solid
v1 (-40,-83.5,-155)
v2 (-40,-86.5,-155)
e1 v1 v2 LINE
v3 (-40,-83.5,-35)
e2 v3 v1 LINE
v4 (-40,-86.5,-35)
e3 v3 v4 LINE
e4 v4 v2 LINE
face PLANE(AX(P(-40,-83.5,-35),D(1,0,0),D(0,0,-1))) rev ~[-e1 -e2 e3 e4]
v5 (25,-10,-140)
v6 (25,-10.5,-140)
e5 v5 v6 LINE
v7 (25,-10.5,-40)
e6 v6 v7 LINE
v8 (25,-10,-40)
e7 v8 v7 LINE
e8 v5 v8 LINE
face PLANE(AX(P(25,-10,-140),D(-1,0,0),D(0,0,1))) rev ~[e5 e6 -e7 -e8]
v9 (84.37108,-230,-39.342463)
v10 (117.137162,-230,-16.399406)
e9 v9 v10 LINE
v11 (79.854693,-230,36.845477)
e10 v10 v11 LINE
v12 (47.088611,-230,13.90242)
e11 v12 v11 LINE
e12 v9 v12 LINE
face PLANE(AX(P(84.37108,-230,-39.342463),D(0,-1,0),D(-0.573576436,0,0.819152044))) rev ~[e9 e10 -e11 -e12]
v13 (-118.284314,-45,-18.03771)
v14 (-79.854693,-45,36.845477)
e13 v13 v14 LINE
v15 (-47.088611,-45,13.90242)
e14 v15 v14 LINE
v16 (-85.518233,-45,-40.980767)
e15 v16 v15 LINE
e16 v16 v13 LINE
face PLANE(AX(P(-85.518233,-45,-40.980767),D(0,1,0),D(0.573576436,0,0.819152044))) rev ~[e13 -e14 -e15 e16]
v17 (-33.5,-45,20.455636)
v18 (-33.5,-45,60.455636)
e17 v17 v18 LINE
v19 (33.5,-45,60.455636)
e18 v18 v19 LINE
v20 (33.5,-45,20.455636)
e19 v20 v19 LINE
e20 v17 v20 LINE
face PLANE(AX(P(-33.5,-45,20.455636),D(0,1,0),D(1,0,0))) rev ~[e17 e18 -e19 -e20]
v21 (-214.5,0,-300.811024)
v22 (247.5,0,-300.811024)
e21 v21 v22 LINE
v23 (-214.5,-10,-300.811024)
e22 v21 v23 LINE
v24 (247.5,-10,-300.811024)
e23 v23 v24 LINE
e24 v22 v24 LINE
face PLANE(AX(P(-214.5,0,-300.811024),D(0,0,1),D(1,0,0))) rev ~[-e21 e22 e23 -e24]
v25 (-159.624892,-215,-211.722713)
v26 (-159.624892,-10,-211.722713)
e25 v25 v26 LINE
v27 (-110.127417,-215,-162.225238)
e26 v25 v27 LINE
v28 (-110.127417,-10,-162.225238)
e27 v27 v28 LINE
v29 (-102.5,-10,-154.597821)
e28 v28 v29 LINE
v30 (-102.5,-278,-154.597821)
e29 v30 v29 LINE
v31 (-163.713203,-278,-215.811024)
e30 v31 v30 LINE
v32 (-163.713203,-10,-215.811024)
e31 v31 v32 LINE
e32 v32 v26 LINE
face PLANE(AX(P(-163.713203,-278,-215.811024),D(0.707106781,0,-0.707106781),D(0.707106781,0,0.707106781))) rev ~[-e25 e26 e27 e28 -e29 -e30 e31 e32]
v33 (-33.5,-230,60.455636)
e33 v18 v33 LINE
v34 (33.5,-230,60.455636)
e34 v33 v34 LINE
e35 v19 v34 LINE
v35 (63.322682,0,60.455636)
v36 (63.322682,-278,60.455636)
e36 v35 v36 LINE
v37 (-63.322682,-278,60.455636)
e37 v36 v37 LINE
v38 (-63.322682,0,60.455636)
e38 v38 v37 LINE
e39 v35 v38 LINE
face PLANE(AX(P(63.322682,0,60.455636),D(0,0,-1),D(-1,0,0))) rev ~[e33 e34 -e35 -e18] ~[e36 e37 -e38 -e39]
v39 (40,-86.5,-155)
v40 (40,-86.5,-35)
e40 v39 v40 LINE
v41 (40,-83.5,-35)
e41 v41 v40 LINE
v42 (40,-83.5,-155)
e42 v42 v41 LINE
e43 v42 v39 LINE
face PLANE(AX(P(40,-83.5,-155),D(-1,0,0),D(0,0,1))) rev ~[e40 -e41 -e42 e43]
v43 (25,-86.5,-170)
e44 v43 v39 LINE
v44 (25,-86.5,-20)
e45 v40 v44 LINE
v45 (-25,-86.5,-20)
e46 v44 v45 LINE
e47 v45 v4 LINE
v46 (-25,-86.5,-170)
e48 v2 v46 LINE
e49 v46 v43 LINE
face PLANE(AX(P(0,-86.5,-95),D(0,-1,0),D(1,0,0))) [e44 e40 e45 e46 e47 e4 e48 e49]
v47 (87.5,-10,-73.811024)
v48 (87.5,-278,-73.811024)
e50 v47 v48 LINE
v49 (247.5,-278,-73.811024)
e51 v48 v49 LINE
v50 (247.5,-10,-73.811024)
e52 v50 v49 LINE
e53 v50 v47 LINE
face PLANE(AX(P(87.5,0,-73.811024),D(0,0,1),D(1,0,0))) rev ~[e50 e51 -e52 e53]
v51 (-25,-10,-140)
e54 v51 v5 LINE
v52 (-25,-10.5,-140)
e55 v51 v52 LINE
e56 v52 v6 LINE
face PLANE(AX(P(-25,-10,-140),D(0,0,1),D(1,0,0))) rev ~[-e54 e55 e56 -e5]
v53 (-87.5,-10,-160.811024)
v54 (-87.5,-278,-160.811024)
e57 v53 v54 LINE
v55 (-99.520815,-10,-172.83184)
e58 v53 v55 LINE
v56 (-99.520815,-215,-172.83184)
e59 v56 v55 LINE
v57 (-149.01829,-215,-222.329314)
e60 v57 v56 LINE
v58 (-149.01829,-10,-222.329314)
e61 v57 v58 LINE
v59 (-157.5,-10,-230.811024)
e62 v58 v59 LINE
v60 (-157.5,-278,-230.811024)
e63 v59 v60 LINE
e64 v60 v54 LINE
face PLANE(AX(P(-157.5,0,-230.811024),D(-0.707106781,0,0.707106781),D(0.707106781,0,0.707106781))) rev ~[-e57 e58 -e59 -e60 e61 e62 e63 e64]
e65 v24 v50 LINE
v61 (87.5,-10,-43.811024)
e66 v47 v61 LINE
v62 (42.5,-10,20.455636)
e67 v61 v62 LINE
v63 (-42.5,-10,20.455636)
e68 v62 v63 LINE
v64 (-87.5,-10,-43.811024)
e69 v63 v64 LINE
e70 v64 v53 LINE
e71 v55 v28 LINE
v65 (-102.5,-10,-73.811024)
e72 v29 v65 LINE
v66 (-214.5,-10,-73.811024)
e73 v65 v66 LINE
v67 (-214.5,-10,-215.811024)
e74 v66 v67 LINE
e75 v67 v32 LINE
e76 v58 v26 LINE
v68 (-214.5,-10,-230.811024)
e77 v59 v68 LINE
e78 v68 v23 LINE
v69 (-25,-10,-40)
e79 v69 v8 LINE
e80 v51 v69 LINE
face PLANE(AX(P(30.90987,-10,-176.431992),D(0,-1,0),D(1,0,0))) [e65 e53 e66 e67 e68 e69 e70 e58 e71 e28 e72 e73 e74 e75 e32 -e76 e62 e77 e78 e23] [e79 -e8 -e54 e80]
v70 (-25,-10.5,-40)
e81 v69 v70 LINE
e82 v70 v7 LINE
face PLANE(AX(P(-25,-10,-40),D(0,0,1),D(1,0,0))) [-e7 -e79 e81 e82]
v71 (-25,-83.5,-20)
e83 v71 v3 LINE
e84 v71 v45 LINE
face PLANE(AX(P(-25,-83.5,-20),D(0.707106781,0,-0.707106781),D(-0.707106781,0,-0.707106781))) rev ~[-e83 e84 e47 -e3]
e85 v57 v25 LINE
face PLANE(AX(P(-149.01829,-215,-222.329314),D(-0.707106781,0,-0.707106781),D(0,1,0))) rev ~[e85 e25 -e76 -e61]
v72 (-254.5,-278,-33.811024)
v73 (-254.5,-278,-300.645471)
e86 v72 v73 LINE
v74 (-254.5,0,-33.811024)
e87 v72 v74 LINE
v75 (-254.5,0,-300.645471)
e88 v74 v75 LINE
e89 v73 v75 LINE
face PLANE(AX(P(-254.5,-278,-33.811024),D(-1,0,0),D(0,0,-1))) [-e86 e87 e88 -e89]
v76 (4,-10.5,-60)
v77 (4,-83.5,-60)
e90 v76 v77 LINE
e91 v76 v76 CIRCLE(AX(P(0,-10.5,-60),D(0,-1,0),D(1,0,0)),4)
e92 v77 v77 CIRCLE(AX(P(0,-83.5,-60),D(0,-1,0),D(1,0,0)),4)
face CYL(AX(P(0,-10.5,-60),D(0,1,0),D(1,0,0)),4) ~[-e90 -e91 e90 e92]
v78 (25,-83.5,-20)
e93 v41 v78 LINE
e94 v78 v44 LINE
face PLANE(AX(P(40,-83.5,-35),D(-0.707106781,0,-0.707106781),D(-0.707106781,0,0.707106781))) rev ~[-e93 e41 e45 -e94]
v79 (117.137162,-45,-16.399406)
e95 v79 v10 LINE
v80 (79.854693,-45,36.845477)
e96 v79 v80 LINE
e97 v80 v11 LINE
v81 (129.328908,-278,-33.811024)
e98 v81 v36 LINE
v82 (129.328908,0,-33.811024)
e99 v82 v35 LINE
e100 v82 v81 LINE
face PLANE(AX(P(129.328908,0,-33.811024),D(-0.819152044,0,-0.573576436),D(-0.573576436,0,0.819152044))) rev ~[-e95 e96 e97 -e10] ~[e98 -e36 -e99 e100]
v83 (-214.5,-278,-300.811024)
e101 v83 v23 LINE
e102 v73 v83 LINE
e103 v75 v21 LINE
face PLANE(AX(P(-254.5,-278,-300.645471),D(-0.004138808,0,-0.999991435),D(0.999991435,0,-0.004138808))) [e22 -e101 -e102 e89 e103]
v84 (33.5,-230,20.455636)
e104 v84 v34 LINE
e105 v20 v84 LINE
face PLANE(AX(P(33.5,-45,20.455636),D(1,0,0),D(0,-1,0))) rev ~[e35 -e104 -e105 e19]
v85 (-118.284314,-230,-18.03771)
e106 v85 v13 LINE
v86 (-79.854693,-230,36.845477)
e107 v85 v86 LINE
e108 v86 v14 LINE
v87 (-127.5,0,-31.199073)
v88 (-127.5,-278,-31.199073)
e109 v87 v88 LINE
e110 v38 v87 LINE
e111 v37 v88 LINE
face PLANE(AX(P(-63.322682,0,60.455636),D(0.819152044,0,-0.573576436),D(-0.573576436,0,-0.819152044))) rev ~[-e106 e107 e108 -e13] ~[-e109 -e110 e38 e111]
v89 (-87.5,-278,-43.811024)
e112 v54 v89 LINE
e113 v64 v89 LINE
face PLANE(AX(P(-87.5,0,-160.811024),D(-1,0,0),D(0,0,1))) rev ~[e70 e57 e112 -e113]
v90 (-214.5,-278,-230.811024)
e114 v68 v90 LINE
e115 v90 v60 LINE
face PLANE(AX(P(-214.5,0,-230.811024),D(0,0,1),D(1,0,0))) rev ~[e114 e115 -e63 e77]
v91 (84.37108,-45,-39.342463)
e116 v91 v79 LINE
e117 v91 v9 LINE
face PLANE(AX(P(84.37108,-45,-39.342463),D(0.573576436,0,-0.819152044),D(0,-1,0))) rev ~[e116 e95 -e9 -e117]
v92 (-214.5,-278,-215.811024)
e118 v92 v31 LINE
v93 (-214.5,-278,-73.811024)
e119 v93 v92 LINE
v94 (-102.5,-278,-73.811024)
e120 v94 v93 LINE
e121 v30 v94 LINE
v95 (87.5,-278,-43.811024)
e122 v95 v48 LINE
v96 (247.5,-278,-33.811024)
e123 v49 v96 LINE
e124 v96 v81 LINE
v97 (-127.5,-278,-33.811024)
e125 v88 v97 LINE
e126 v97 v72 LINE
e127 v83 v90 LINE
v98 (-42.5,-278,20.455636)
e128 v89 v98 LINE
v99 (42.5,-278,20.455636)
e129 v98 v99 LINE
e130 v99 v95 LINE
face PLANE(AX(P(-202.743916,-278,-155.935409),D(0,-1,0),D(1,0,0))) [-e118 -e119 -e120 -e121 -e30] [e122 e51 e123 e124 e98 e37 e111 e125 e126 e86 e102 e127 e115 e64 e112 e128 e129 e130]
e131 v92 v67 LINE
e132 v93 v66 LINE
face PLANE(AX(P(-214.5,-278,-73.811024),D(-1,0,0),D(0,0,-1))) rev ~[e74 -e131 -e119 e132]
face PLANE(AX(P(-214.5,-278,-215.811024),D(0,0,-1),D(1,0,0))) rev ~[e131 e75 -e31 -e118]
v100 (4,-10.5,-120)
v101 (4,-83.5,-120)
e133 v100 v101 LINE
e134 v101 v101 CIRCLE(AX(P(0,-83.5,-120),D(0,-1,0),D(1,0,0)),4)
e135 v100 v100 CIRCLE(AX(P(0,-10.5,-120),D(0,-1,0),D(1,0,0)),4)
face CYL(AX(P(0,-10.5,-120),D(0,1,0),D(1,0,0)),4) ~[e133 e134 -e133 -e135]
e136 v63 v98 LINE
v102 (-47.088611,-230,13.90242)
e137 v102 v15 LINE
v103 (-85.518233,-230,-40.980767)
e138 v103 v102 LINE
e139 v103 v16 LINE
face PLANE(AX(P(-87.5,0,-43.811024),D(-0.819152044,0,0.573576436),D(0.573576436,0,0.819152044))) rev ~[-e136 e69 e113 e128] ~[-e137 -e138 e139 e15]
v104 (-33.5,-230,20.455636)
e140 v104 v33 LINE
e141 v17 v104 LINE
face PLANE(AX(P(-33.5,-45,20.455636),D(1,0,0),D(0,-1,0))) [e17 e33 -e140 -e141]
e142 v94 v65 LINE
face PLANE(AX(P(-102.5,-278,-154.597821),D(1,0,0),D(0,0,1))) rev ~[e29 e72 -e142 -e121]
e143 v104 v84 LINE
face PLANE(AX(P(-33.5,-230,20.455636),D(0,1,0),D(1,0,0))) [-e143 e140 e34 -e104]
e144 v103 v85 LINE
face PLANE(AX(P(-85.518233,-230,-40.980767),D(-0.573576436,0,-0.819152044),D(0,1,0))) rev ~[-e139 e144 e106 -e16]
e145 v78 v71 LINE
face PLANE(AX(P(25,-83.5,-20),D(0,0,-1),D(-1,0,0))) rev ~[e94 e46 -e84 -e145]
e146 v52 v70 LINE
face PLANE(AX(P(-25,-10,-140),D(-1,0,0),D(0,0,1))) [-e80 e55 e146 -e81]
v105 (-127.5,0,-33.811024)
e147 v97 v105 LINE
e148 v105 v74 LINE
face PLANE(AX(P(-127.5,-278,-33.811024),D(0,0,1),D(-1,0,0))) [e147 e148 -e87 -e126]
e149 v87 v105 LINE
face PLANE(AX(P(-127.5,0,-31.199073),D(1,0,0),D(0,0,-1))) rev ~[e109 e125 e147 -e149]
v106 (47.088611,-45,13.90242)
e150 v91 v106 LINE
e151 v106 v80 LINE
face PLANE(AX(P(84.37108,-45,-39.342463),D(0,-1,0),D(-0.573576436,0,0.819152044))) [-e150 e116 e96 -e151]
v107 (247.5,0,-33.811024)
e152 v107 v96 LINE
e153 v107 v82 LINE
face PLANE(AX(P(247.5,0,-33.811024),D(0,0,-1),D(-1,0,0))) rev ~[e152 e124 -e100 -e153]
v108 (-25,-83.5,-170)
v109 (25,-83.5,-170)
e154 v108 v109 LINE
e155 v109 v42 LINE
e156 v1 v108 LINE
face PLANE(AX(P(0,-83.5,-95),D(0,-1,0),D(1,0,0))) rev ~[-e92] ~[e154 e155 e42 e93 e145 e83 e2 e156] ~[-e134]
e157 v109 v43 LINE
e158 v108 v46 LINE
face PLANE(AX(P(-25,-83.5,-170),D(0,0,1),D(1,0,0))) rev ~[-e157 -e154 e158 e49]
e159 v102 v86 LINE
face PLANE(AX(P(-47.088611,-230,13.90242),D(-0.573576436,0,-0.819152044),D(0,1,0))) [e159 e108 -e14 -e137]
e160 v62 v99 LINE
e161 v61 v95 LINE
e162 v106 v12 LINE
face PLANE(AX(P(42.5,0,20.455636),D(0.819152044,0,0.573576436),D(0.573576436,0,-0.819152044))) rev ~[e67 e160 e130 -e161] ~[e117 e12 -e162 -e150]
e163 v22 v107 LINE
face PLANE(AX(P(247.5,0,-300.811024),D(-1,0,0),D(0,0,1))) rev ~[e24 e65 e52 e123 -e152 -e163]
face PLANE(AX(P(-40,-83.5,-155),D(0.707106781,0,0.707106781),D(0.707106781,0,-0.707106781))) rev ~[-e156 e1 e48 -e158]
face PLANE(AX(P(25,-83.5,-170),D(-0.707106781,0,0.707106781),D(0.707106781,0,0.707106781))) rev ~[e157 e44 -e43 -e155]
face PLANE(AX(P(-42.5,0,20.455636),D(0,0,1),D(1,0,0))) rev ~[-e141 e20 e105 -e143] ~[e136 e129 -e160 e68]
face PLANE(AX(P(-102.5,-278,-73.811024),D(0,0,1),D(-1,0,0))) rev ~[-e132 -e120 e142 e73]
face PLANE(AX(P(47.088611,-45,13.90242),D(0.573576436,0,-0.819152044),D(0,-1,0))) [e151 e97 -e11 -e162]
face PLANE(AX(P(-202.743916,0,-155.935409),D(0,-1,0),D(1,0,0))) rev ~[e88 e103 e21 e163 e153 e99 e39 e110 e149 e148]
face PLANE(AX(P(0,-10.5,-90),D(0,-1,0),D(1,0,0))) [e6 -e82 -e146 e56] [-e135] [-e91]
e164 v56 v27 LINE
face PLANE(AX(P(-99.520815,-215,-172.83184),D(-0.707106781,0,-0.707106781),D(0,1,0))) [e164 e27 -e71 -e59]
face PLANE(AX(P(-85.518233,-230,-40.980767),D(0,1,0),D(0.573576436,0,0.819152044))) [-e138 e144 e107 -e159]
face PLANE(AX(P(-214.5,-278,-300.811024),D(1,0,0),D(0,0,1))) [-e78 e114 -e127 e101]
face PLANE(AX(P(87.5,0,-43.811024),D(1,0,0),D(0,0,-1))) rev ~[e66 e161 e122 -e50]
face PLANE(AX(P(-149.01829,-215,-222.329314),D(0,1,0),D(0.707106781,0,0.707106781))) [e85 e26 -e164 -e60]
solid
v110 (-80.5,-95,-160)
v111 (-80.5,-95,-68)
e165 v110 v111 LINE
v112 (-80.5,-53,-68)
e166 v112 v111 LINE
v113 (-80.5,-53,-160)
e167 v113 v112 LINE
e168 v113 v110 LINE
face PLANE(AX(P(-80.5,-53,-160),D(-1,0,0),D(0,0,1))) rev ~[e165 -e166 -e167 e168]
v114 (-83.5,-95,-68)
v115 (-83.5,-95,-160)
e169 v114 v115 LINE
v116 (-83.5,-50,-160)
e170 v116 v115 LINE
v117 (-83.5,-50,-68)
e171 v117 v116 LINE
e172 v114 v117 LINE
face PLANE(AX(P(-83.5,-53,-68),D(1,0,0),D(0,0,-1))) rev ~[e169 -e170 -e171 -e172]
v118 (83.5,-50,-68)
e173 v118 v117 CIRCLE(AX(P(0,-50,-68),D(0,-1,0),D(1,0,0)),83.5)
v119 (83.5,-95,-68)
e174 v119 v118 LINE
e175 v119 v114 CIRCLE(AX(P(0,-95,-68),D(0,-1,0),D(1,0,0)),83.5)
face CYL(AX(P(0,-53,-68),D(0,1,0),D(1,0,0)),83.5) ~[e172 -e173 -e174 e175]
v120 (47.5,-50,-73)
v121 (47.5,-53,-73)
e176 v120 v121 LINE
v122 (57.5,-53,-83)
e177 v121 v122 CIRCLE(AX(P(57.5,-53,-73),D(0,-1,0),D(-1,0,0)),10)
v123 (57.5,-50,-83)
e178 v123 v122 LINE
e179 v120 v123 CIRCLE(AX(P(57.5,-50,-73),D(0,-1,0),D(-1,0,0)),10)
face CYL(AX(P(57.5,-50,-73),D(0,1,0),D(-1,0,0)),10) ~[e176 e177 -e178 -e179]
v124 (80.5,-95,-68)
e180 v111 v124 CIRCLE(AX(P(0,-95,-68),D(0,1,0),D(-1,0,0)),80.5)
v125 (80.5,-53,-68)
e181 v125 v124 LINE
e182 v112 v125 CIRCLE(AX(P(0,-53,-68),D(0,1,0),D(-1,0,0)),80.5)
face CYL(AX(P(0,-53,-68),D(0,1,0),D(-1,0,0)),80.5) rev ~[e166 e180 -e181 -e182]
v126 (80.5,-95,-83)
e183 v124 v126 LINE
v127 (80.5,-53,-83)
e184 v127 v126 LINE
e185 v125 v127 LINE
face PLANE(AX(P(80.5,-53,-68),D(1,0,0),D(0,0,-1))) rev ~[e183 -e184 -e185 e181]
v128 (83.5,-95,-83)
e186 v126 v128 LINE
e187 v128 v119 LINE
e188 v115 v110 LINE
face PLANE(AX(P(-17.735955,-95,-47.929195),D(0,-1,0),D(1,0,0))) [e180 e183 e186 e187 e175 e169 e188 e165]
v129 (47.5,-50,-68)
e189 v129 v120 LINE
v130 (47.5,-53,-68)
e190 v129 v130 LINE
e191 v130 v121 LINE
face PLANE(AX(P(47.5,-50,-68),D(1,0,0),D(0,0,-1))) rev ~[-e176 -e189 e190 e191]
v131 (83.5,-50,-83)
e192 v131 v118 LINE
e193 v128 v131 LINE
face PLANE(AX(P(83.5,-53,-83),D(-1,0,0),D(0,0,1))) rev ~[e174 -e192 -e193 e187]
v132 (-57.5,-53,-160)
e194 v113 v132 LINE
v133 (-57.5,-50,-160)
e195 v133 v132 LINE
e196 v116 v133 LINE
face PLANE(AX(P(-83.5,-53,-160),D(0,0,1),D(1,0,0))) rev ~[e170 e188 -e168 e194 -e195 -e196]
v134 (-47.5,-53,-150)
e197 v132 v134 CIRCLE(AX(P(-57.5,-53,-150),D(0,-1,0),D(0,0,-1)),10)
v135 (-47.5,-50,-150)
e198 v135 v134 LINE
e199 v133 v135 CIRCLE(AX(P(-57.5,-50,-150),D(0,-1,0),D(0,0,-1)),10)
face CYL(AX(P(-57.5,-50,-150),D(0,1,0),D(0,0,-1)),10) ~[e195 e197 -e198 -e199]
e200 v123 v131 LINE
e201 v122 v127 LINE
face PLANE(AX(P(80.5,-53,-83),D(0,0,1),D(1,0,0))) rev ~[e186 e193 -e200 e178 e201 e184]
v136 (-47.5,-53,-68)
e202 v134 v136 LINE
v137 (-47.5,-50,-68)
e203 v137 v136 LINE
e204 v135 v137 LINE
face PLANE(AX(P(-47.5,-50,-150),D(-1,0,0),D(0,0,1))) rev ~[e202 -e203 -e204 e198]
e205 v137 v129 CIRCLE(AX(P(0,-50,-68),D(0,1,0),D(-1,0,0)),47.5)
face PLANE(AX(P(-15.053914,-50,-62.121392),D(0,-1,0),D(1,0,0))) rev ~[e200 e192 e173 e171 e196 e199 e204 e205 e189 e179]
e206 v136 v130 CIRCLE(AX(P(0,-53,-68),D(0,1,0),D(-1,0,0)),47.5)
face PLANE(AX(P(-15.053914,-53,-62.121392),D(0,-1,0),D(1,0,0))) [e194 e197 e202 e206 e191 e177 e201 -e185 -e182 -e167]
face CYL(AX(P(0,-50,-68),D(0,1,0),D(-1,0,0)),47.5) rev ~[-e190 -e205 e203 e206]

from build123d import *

# Parameters (mm, degrees)
F1_DEPTH  = 10
F3_DEPTH  = 278
F4_W      = 67
F4_H      = 185
F5_DEPTH  = 50
F6_W      = 185
F6_H      = 67
F7_DEPTH  = 50
F8_W      = 185
F8_H      = 65
F9_DEPTH  = 50
F11_DEPTH = 278
F13_DEPTH = 268
F14_W     = 205
F14_H     = 70
F15_DEPTH = 25
F18_DEPTH = 3
F20_DEPTH = 42
F21_W     = 50
F21_H     = 100
F22_DEPTH = 0.5
F23_R     = 4
F24_DEPTH = 73
F26_DEPTH = 3


with BuildPart() as f1:
    # F0 (on Front) → F1 (new body)
    with BuildSketch(Plane.XZ):
        Polygon((-214.5, -230.8110243468), (-214.5, -300.8110243468), (247.5, -300.8110243468), (247.5, -73.8110243468), (87.5, -73.8110243468), (87.5, -43.8110243468), (42.5, 20.4556359566), (-42.5, 20.4556359566), (-87.5, -43.8110243468), (-87.5, -160.8110243468), (-157.5, -230.8110243468), align=None)
    extrude(amount=F1_DEPTH)

    # F2 (on Front) → F3 (join)
    with BuildSketch(Plane.XZ):
        Polygon((87.5, -43.8110243468), (87.5, -73.8110243468), (247.5, -73.8110243468), (247.5, -33.8110243468), (129.3289081684, -33.8110243468), (63.3226820221, 60.4556359566), (-63.3226820221, 60.4556359566), (-127.5, -31.1990727916), (-127.5, -179.5978209112), (-163.7132034356, -215.8110243468), (-214.5, -215.8110243468), (-214.5, -230.8110243468), (-157.5, -230.8110243468), (-87.5, -160.8110243468), (-87.5, -43.8110243468), (-42.5, 20.4556359566), (42.5, 20.4556359566), align=None)
    extrude(amount=F3_DEPTH)

    # F4 (on face) → F5 (cut)
    with BuildSketch(Plane(origin=(0, 0, 20.4556359566), x_dir=(1, 0, 0), z_dir=(0, 0, -1))):
        with Locations((0, 137.5)):
            Rectangle(F4_W, F4_H)
    extrude(amount=-F5_DEPTH, mode=Mode.SUBTRACT)

    # F6 (on face) → F7 (cut)
    with BuildSketch(Plane(origin=(-38.1289331266, 0, 26.6981663992), x_dir=(0, 1, 0), z_dir=(0.8191520443, 0, -0.5735764364))):
        with Locations((-137.5, -49.1207225338)):
            Rectangle(F6_W, F6_H)
    extrude(amount=-F7_DEPTH, mode=Mode.SUBTRACT)

    # F8 (on face) → F9 (cut)
    with BuildSketch(Plane(origin=(38.1289331266, 0, 26.6981663992), x_dir=(0, -1, 0), z_dir=(-0.8191520443, 0, -0.5735764364))):
        with Locations((137.5, -48.1207225338)):
            Rectangle(F8_W, F8_H)
    extrude(amount=-F9_DEPTH, mode=Mode.SUBTRACT)

    # F10 (on face) → F11 (join)
    with BuildSketch(Plane.XZ.offset(278)):
        Polygon((-127.5, -179.5978209112), (-127.5, -33.8110243468), (-254.5, -33.8110243468), (-254.5, -300.6454706192), (-214.5, -300.8110243468), (-214.5, -230.8110243468), (-214.5, -215.8110243468), (-163.7132034356, -215.8110243468), align=None)
    extrude(amount=-F11_DEPTH)

    # F12 (on face) → F13 (cut)
    with BuildSketch(Plane.XZ.offset(278)):
        Polygon((-214.5, -73.8110243468), (-214.5, -215.8110243468), (-163.7132034356, -215.8110243468), (-102.5, -154.5978209112), (-102.5, -73.8110243468), align=None)
    extrude(amount=-F13_DEPTH, mode=Mode.SUBTRACT)

    # F14 (on face) → F15 (cut)
    with BuildSketch(Plane(origin=(36.6555121734, 0, -36.6555121734), x_dir=(0, 1, 0), z_dir=(0.7071067812, 0, -0.7071067812))):
        with Locations((-112.5, -227.582409159)):
            Rectangle(F14_W, F14_H)
    extrude(amount=-F15_DEPTH, mode=Mode.SUBTRACT)

    # F21 (on face) → F22 (join)
    with BuildSketch(Plane.XZ.offset(10)):
        with Locations((0, -90)):
            Rectangle(F21_W, F21_H)
    extrude(amount=F22_DEPTH)

    # F23 (on face) → F24 (join)
    with BuildSketch(Plane.XZ.offset(10.5)):
        with Locations((0, -60)):
            Circle(F23_R)
        with Locations((0, -120)):
            Circle(F23_R)
    extrude(amount=F24_DEPTH)

    # F25 (on face) → F26 (join)
    with BuildSketch(Plane.XZ.offset(83.5)):
        Polygon((25, -20), (-25, -20), (-40, -35), (-40, -155), (-25, -170), (25, -170), (40, -155), (40, -35), align=None)
    extrude(amount=F26_DEPTH)


with BuildPart() as f18:
    # F17 (on offset) → F18 (new body)
    with BuildSketch(Plane.XZ.offset(50)):
        with BuildLine():
            ThreePointArc((-47.5, -68), (0, -20.5), (47.5, -68))
            Line((47.5, -68), (47.5, -73))
            ThreePointArc((47.5, -73), (50.4289321881, -80.0710678119), (57.5, -83))
            Line((57.5, -83), (83.5, -83))
            Line((83.5, -83), (83.5, -68))
            ThreePointArc((83.5, -68), (0, 15.5), (-83.5, -68))
            Line((-83.5, -68), (-83.5, -160))
            Line((-83.5, -160), (-57.5, -160))
            ThreePointArc((-57.5, -160), (-50.4289321881, -157.0710678119), (-47.5, -150))
            Line((-47.5, -150), (-47.5, -68))
        make_face()
    extrude(amount=F18_DEPTH)

    # F19 (on face) → F20 (join)
    with BuildSketch(Plane.XZ.offset(53)):
        with BuildLine():
            Line((-83.5, -68), (-83.5, -160))
            Line((-83.5, -160), (-80.5, -160))
            Line((-80.5, -160), (-80.5, -68))
            ThreePointArc((-80.5, -68), (0, 12.5), (80.5, -68))
            Line((80.5, -68), (80.5, -83))
            Line((80.5, -83), (83.5, -83))
            Line((83.5, -83), (83.5, -68))
            ThreePointArc((83.5, -68), (0, 15.5), (-83.5, -68))
        make_face()
    extrude(amount=F20_DEPTH)


solid = Compound([f1.part, f18.part])
